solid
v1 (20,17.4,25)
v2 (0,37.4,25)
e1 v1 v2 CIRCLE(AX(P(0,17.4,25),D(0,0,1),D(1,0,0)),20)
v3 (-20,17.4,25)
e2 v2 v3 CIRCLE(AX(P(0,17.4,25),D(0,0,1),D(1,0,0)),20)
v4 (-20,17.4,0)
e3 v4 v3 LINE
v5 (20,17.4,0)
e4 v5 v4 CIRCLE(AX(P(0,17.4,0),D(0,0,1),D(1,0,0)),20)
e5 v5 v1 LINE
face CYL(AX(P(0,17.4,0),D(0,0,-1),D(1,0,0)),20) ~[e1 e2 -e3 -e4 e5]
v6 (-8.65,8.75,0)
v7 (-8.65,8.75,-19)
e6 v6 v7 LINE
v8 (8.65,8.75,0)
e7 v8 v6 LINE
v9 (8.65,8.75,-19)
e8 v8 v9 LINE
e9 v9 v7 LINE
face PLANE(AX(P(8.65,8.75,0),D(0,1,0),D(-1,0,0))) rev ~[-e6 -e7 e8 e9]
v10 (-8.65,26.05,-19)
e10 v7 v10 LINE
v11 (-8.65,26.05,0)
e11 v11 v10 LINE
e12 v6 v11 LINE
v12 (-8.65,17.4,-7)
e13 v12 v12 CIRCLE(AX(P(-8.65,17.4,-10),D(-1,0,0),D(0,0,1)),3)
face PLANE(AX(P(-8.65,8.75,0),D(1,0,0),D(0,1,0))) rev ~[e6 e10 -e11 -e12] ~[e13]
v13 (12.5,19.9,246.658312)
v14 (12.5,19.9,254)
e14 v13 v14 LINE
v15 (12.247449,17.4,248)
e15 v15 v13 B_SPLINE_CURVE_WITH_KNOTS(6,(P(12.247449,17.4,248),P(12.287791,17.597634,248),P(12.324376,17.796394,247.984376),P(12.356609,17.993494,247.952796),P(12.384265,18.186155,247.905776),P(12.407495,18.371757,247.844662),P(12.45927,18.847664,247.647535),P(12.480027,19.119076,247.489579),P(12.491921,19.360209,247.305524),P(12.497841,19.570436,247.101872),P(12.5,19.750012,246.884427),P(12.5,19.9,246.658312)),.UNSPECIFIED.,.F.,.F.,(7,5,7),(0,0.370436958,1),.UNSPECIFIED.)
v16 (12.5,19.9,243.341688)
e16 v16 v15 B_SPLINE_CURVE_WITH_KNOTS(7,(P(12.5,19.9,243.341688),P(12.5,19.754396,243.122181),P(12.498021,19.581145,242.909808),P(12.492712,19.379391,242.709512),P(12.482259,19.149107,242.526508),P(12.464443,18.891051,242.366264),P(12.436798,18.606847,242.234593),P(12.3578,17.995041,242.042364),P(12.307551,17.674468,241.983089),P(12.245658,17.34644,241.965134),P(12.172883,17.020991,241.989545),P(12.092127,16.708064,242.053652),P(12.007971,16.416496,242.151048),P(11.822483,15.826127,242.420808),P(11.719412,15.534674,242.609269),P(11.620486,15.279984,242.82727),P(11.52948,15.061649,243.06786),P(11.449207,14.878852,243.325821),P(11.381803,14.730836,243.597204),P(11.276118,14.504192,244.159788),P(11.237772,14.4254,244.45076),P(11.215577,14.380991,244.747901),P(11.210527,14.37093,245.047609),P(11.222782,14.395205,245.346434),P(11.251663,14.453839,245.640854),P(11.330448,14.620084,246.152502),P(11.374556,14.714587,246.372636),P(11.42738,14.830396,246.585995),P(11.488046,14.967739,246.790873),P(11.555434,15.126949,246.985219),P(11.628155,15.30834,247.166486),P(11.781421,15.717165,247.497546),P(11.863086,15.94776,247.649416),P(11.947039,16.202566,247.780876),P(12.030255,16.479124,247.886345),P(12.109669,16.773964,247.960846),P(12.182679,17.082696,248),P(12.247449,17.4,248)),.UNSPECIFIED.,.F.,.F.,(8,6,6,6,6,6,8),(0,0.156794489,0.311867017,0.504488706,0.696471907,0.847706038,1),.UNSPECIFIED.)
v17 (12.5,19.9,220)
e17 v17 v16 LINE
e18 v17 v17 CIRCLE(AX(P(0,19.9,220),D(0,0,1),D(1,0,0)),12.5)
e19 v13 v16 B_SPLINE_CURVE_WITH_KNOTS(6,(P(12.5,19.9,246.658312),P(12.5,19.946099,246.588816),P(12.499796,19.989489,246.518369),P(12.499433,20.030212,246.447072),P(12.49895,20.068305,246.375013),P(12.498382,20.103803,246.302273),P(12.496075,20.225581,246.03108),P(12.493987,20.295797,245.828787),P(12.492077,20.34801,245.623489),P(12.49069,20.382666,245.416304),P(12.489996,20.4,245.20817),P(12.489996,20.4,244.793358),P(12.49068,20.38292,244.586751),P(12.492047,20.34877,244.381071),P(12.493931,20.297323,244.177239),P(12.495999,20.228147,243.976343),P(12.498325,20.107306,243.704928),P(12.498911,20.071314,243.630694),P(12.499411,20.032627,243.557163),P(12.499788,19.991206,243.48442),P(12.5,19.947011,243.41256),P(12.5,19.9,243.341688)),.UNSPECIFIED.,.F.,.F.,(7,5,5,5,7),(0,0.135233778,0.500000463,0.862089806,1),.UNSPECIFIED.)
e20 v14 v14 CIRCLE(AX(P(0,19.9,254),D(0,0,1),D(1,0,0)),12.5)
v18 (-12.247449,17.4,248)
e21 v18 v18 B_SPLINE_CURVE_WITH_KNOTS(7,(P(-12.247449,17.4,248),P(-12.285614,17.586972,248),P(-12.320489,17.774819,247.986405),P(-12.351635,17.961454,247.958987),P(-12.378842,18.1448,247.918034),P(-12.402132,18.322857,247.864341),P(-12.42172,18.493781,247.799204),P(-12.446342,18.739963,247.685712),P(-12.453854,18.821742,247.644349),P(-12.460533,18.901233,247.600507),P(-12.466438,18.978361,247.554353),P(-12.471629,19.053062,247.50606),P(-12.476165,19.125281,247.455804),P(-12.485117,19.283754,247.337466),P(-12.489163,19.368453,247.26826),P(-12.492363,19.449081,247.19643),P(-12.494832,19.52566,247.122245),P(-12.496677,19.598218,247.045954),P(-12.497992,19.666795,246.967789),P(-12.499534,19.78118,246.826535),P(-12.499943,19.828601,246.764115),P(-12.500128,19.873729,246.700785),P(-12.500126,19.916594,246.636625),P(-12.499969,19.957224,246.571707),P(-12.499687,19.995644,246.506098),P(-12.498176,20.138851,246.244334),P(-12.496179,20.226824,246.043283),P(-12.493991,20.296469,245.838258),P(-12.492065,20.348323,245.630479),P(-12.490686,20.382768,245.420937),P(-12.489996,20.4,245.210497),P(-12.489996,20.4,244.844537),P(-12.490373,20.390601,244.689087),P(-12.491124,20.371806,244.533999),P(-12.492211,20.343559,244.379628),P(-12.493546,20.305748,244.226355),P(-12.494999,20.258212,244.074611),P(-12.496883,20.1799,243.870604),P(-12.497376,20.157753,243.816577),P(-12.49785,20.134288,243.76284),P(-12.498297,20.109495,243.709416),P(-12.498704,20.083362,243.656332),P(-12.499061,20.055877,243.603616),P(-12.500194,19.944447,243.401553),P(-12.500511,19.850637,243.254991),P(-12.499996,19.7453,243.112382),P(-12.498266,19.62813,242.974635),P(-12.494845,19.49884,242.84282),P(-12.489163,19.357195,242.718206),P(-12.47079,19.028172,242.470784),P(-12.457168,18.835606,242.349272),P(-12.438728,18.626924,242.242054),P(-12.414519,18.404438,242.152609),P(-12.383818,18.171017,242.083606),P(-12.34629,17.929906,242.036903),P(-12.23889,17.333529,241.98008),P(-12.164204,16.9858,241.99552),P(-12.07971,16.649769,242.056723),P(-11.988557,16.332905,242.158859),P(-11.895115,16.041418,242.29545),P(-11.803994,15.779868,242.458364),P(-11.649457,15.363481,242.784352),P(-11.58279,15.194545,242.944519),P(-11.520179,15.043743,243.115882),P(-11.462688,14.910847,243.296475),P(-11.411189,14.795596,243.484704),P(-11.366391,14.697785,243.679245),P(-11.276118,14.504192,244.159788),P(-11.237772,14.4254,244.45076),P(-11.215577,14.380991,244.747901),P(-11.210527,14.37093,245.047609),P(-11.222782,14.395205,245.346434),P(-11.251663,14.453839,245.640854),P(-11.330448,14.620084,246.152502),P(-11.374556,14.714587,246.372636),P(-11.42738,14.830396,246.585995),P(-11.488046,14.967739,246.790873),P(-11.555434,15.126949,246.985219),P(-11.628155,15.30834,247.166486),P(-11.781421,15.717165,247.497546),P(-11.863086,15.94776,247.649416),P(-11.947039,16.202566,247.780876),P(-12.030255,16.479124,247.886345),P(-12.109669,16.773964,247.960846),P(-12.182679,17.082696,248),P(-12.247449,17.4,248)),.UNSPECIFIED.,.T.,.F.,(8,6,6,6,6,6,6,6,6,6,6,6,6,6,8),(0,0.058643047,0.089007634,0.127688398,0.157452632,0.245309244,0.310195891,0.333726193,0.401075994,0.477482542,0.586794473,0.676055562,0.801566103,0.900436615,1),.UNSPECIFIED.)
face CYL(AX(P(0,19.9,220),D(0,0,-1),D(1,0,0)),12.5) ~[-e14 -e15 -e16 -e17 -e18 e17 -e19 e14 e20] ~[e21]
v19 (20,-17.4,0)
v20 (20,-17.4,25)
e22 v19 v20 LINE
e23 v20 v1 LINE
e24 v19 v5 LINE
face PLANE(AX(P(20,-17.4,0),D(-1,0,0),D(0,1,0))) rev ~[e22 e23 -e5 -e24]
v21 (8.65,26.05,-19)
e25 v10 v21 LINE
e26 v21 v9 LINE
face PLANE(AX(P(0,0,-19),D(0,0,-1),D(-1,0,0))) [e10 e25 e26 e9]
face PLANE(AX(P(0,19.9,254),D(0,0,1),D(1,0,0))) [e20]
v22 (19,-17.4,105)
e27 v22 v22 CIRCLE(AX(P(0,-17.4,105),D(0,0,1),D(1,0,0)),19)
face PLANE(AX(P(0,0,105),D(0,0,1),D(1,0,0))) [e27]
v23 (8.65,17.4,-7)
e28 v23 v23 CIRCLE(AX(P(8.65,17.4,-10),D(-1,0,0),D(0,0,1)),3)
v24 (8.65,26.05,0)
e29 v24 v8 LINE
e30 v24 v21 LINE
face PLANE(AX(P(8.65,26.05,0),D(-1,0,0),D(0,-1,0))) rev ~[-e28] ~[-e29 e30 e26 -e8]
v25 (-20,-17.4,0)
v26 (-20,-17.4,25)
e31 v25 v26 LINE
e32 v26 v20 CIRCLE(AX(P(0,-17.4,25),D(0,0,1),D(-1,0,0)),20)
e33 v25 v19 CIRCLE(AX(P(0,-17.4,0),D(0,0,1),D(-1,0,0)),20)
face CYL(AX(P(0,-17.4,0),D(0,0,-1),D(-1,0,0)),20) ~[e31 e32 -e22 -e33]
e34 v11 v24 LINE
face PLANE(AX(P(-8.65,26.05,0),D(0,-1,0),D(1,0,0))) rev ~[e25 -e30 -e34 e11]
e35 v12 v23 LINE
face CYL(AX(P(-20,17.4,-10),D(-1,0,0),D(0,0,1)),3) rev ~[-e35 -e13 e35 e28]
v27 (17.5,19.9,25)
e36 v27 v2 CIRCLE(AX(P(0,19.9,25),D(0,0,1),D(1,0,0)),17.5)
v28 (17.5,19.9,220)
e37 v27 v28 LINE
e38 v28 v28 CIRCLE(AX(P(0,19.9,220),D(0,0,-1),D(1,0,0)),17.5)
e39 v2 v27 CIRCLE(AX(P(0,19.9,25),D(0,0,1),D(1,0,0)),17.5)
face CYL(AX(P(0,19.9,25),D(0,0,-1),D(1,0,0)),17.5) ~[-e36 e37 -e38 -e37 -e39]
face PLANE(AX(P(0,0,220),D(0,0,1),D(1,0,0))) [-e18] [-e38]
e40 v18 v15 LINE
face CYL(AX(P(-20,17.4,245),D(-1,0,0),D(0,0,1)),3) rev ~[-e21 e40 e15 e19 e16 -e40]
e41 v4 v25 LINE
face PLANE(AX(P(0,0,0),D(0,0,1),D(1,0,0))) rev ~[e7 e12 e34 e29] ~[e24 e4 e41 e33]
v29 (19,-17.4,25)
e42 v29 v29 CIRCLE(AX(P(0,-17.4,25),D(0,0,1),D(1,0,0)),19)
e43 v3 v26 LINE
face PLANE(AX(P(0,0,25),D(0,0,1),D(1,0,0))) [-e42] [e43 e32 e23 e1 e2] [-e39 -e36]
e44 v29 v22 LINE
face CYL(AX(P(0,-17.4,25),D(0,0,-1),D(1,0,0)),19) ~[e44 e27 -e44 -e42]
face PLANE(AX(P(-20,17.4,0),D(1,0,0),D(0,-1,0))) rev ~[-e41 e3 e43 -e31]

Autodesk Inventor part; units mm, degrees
ref_plane "YZ Plane" through (0, 0, 0) normal (1, 0, 0) x (0, 1, 0)
ref_plane "XZ Plane" through (0, 0, 0) normal (0, 1, 0) x (-1, 0, 0)
ref_plane "XY Plane" through (0, 0, 0) normal (0, 0, 1) x (1, 0, 0)
sketch "스케치1" plane through (0, 0, 0) normal (0, 0, 1) x (1, 0, 0)
  line L0 (0, 17.4) -> (0, -17.4) construction
  line L1 (-20, 17.4) -> (-20, -17.4)
  line L2 (20, -17.4) -> (20, 17.4)
  arc A0 (20, 17.4) -> (-20, 17.4) centre (0, 17.4) ccw
  arc A1 (-20, -17.4) -> (20, -17.4) centre (0, -17.4) ccw
  point P0 (0, 0)
  point P1 (0, 0)
  dimension "d0" = 34.8
  dimension "d1" = 40
extrude "돌출1" add sketch "스케치1" along normal blind 25
sketch "스케치2" plane through (0, 0, 25) normal (0, 0, 1) x (1, 0, 0)
  circle A0 centre (0, 19.9) radius 17.5
  arc A1 (20, 17.4) -> (-20, 17.4) centre (0, 17.4) ccw projected
  point P0 (-6.2408, 3.5506)
  dimension "d4" = 35
  dimension "d26" = 0
extrude "돌출2" add sketch "스케치2" along normal blind 195
sketch "스케치3" plane through (0, 19.9, 220) normal (0, 0, 1) x (1, 0, 0)
  circle A0 centre (0, 0) radius 12.5
  point P0 (0, -19.9)
  dimension "d7" = 25
extrude "돌출3" add sketch "스케치3" along normal blind 34
sketch "스케치5" plane through (0, 0, 0) normal (0, 0, -1) x (-1, 0, 0)
  line L0 (-8.65, 8.75) -> (8.65, 8.75)
  line L1 (8.65, 8.75) -> (8.65, 26.05)
  line L2 (8.65, 26.05) -> (-8.65, 26.05)
  line L3 (-8.65, 26.05) -> (-8.65, 8.75)
  arc A0 (20, 17.4) -> (-20, 17.4) centre (0, 17.4) ccw projected
  point P0 (0, 0)
  dimension "d10" = 17.3
  dimension "d11" = 17.3
  dimension "d12" = 8.65
  dimension "d13" = 8.65
extrude "돌출4" add sketch "스케치5" along normal blind 19
sketch "스케치6" plane through (-20, -17.4, 0) normal (-1, 0, 0) x (0, 0, 1)
  circle A0 centre (-10, 34.8) radius 3
  line L0 (-19, 26.15) -> (-19, 43.45) projected
  line L1 (0, 43.45) -> (-19, 43.45) projected
  circle A1 centre (245, 34.8) radius 3
  line L2 (0, 0) -> (25, 0) projected
  point P0 (0, 17.4)
  dimension "d16" = 6
  dimension "d17" = 9
  dimension "d18" = 8.65
  dimension "d19" = 255
  dimension "d20" = 34.8
  dimension "d21" = 6
extrude "돌출5" cut sketch "스케치6" against normal through all
sketch "스케치7" plane through (0, 0, 25) normal (0, 0, 1) x (1, 0, 0)
  circle A0 centre (0, -17.4) radius 19
  arc A1 (-20, -17.4) -> (20, -17.4) centre (0, -17.4) ccw projected
  point P0 (0, 0)
  dimension "d24" = 0
  dimension "d25" = 38
extrude "돌출6" add sketch "스케치7" along normal blind 80
equation "\"d13\" = 0.5 * d10"
properties part number "높이조절 액추에이터_중간" material "알루미늄 6061"
